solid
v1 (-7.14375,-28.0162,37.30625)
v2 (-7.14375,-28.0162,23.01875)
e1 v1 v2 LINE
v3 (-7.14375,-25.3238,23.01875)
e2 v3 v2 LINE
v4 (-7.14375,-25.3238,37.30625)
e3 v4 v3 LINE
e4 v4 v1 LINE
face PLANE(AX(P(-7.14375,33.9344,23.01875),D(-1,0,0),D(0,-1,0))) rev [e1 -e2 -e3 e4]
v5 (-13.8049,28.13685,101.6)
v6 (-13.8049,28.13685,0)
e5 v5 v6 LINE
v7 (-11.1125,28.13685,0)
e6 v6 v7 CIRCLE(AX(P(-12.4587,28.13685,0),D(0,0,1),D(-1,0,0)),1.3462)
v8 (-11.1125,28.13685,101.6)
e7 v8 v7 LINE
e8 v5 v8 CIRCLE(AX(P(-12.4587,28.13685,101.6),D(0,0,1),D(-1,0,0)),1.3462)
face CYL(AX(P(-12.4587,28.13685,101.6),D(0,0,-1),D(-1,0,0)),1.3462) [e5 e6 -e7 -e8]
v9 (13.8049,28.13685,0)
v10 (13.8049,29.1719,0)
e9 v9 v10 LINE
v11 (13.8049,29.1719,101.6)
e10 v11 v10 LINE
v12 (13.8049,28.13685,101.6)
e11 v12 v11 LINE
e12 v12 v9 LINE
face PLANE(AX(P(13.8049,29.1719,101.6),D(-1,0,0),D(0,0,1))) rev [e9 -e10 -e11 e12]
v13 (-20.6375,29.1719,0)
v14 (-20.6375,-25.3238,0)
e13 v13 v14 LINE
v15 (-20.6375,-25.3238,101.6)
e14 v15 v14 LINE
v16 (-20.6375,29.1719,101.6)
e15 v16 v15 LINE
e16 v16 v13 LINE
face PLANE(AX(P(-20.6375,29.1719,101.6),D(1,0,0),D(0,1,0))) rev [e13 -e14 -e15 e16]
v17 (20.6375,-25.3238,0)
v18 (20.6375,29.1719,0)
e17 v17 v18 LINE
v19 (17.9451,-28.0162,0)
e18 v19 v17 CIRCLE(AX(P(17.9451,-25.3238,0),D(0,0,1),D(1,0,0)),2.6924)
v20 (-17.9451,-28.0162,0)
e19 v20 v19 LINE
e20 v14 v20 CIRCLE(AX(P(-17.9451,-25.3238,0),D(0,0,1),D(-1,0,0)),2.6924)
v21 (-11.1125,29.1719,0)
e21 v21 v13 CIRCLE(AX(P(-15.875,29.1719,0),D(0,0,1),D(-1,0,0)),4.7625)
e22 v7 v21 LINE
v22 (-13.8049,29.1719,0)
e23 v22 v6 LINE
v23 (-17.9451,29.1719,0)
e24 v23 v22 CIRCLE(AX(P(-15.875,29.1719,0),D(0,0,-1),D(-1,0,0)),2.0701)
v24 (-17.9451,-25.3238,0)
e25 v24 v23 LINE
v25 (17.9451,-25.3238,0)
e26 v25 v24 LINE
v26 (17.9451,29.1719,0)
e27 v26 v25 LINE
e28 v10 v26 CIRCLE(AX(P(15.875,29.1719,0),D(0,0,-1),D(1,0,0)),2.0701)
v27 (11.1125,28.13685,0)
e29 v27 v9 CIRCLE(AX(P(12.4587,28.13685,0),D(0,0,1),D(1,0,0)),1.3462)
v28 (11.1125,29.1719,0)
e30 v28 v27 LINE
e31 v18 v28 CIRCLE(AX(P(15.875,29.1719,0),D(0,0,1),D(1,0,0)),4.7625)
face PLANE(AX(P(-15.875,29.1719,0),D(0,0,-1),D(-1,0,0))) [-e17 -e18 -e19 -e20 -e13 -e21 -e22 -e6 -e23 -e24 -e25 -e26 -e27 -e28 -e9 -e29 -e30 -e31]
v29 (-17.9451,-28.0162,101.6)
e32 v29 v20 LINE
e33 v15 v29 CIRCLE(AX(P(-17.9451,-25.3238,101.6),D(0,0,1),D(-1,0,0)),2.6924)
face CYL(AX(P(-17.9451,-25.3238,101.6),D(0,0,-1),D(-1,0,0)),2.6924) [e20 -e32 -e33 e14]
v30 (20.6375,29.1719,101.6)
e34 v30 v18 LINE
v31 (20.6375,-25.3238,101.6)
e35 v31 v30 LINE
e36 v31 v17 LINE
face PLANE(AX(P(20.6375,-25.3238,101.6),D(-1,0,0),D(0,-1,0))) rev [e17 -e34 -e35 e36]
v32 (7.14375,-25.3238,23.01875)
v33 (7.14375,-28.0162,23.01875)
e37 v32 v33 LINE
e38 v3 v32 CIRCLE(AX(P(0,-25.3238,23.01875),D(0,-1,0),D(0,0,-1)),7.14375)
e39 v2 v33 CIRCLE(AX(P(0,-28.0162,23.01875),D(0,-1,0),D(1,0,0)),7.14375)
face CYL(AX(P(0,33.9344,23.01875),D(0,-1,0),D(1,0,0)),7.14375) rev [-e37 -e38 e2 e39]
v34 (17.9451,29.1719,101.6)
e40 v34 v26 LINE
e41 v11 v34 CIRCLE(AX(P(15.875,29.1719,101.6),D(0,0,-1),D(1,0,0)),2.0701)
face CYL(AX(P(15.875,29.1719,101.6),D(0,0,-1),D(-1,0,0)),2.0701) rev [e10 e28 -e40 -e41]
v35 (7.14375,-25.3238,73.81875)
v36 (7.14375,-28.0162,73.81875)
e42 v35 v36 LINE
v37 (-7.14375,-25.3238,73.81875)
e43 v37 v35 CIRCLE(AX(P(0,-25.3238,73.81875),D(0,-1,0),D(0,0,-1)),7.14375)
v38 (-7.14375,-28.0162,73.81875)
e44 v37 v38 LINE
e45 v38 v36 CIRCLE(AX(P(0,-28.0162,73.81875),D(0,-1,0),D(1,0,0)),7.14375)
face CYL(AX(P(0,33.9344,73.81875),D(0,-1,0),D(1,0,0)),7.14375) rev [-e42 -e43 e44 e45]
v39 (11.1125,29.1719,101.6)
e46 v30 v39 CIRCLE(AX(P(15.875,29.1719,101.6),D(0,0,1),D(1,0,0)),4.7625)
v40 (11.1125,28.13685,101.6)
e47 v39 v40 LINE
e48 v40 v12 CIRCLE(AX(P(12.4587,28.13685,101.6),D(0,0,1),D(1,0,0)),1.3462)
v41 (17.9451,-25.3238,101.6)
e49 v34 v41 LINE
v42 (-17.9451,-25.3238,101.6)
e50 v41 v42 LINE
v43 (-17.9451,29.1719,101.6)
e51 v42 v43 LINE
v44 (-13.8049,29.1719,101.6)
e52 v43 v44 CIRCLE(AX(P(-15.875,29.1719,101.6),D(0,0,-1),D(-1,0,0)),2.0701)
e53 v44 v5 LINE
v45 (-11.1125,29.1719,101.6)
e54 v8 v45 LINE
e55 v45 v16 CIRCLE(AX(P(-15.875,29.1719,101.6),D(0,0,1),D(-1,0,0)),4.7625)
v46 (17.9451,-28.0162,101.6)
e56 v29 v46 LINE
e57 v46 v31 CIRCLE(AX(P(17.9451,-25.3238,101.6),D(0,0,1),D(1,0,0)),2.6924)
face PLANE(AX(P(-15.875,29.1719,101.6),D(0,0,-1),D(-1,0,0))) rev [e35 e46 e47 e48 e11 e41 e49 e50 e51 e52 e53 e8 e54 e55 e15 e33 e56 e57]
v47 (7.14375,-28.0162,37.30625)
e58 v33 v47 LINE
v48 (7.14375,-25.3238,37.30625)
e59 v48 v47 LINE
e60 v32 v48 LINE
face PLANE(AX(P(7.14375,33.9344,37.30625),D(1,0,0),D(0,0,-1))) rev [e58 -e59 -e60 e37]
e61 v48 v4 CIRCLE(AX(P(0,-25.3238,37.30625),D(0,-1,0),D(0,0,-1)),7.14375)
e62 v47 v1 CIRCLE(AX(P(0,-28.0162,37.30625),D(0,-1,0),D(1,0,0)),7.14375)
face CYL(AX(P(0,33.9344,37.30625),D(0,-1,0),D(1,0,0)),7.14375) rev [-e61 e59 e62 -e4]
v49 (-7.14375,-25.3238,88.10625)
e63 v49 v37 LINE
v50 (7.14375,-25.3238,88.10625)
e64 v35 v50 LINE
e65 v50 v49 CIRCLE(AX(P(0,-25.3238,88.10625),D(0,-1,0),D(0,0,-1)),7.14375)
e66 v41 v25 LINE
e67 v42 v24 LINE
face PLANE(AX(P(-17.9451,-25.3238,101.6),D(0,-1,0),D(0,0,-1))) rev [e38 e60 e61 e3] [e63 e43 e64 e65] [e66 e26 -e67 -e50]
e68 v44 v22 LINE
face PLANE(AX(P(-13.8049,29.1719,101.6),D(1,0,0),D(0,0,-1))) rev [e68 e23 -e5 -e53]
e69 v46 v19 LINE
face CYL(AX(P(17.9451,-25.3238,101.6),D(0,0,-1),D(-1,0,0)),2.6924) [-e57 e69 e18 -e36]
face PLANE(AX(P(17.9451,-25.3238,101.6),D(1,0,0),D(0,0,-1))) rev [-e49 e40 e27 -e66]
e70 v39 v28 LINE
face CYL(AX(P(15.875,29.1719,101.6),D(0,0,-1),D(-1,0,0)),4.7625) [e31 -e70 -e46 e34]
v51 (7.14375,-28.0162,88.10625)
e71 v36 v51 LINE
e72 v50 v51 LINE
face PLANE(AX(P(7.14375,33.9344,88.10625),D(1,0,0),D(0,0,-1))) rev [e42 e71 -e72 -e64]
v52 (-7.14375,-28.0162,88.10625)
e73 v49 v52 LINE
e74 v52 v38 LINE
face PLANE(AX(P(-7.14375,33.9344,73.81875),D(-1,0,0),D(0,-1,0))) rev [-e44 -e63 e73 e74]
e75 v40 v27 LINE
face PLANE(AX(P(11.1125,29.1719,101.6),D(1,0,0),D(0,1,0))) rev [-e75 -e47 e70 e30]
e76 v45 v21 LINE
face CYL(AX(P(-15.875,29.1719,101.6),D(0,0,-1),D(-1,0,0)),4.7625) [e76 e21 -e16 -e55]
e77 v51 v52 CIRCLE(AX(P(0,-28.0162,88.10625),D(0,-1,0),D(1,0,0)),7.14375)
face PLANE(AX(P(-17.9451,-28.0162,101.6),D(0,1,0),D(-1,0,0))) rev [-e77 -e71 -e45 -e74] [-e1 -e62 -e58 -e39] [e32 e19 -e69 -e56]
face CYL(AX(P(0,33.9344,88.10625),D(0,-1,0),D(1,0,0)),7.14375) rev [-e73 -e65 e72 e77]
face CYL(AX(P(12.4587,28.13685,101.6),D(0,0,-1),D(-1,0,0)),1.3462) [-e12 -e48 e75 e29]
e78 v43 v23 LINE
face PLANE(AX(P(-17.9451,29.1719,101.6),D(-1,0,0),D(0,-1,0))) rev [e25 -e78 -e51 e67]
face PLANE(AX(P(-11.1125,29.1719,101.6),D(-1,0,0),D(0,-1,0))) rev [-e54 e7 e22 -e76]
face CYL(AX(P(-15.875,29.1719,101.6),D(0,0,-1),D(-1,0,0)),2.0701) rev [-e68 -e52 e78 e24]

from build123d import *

# Parameters (mm, degrees)
BASE_EXTRUDE_DEPTH = 101.6
SLOT_DEPTH         = 130.648431656
LPATTERN1_COUNT    = 2
LPATTERN1_PITCH    = 50.8


with BuildPart() as part:
    # Sketch1 → Base-Extrude (new body)
    with BuildSketch(Plane.XY):
        with BuildLine():
            Line((-20.6375, 29.1719), (-20.6375, -25.3238))
            ThreePointArc((-20.6375, -25.3238), (-19.848914298, -27.227614298), (-17.9451, -28.0162))
            Line((-17.9451, -28.0162), (17.9451, -28.0162))
            ThreePointArc((17.9451, -28.0162), (19.848914298, -27.227614298), (20.6375, -25.3238))
            Line((20.6375, -25.3238), (20.6375, 29.1719))
            ThreePointArc((20.6375, 29.1719), (15.875, 33.9344), (11.1125, 29.1719))
            Line((11.1125, 29.1719), (11.1125, 28.13685))
            ThreePointArc((11.1125, 28.13685), (12.4587, 26.79065), (13.8049, 28.13685))
            Line((13.8049, 28.13685), (13.8049, 29.1719))
            ThreePointArc((13.8049, 29.1719), (15.875, 31.242), (17.9451, 29.1719))
            Line((17.9451, 29.1719), (17.9451, -25.3238))
            Line((17.9451, -25.3238), (-17.9451, -25.3238))
            Line((-17.9451, -25.3238), (-17.9451, 29.1719))
            ThreePointArc((-17.9451, 29.1719), (-15.875, 31.242), (-13.8049, 29.1719))
            Line((-13.8049, 29.1719), (-13.8049, 28.13685))
            ThreePointArc((-13.8049, 28.13685), (-12.4587, 26.79065), (-11.1125, 28.13685))
            Line((-11.1125, 28.13685), (-11.1125, 29.1719))
            ThreePointArc((-11.1125, 29.1719), (-15.875, 33.9344), (-20.6375, 29.1719))
        make_face()
    extrude(amount=BASE_EXTRUDE_DEPTH)

    # Sketch2 → Slot (cut, through all)
    with BuildSketch(Plane(origin=(-0.186902134, -28.0162, -10.369564018), x_dir=(1, 0, 0), z_dir=(0, -1, 0))):
        with BuildLine():
            Line((7.330652134, 47.675814018), (7.330652134, 33.388314018))
            ThreePointArc((7.330652134, 33.388314018), (0.186902134, 26.244564018), (-6.956847866, 33.388314018))
            Line((-6.956847866, 33.388314018), (-6.956847866, 47.675814018))
            ThreePointArc((-6.956847866, 47.675814018), (0.186902134, 54.819564018), (7.330652134, 47.675814018))
        make_face()
    slot = extrude(amount=-SLOT_DEPTH, mode=Mode.SUBTRACT)

    # LPattern1: Slot ×2
    with Locations(*[(0, 0, i * LPATTERN1_PITCH) for i in range(1, LPATTERN1_COUNT)]):
        add(slot, mode=Mode.SUBTRACT)


solid = part.part
